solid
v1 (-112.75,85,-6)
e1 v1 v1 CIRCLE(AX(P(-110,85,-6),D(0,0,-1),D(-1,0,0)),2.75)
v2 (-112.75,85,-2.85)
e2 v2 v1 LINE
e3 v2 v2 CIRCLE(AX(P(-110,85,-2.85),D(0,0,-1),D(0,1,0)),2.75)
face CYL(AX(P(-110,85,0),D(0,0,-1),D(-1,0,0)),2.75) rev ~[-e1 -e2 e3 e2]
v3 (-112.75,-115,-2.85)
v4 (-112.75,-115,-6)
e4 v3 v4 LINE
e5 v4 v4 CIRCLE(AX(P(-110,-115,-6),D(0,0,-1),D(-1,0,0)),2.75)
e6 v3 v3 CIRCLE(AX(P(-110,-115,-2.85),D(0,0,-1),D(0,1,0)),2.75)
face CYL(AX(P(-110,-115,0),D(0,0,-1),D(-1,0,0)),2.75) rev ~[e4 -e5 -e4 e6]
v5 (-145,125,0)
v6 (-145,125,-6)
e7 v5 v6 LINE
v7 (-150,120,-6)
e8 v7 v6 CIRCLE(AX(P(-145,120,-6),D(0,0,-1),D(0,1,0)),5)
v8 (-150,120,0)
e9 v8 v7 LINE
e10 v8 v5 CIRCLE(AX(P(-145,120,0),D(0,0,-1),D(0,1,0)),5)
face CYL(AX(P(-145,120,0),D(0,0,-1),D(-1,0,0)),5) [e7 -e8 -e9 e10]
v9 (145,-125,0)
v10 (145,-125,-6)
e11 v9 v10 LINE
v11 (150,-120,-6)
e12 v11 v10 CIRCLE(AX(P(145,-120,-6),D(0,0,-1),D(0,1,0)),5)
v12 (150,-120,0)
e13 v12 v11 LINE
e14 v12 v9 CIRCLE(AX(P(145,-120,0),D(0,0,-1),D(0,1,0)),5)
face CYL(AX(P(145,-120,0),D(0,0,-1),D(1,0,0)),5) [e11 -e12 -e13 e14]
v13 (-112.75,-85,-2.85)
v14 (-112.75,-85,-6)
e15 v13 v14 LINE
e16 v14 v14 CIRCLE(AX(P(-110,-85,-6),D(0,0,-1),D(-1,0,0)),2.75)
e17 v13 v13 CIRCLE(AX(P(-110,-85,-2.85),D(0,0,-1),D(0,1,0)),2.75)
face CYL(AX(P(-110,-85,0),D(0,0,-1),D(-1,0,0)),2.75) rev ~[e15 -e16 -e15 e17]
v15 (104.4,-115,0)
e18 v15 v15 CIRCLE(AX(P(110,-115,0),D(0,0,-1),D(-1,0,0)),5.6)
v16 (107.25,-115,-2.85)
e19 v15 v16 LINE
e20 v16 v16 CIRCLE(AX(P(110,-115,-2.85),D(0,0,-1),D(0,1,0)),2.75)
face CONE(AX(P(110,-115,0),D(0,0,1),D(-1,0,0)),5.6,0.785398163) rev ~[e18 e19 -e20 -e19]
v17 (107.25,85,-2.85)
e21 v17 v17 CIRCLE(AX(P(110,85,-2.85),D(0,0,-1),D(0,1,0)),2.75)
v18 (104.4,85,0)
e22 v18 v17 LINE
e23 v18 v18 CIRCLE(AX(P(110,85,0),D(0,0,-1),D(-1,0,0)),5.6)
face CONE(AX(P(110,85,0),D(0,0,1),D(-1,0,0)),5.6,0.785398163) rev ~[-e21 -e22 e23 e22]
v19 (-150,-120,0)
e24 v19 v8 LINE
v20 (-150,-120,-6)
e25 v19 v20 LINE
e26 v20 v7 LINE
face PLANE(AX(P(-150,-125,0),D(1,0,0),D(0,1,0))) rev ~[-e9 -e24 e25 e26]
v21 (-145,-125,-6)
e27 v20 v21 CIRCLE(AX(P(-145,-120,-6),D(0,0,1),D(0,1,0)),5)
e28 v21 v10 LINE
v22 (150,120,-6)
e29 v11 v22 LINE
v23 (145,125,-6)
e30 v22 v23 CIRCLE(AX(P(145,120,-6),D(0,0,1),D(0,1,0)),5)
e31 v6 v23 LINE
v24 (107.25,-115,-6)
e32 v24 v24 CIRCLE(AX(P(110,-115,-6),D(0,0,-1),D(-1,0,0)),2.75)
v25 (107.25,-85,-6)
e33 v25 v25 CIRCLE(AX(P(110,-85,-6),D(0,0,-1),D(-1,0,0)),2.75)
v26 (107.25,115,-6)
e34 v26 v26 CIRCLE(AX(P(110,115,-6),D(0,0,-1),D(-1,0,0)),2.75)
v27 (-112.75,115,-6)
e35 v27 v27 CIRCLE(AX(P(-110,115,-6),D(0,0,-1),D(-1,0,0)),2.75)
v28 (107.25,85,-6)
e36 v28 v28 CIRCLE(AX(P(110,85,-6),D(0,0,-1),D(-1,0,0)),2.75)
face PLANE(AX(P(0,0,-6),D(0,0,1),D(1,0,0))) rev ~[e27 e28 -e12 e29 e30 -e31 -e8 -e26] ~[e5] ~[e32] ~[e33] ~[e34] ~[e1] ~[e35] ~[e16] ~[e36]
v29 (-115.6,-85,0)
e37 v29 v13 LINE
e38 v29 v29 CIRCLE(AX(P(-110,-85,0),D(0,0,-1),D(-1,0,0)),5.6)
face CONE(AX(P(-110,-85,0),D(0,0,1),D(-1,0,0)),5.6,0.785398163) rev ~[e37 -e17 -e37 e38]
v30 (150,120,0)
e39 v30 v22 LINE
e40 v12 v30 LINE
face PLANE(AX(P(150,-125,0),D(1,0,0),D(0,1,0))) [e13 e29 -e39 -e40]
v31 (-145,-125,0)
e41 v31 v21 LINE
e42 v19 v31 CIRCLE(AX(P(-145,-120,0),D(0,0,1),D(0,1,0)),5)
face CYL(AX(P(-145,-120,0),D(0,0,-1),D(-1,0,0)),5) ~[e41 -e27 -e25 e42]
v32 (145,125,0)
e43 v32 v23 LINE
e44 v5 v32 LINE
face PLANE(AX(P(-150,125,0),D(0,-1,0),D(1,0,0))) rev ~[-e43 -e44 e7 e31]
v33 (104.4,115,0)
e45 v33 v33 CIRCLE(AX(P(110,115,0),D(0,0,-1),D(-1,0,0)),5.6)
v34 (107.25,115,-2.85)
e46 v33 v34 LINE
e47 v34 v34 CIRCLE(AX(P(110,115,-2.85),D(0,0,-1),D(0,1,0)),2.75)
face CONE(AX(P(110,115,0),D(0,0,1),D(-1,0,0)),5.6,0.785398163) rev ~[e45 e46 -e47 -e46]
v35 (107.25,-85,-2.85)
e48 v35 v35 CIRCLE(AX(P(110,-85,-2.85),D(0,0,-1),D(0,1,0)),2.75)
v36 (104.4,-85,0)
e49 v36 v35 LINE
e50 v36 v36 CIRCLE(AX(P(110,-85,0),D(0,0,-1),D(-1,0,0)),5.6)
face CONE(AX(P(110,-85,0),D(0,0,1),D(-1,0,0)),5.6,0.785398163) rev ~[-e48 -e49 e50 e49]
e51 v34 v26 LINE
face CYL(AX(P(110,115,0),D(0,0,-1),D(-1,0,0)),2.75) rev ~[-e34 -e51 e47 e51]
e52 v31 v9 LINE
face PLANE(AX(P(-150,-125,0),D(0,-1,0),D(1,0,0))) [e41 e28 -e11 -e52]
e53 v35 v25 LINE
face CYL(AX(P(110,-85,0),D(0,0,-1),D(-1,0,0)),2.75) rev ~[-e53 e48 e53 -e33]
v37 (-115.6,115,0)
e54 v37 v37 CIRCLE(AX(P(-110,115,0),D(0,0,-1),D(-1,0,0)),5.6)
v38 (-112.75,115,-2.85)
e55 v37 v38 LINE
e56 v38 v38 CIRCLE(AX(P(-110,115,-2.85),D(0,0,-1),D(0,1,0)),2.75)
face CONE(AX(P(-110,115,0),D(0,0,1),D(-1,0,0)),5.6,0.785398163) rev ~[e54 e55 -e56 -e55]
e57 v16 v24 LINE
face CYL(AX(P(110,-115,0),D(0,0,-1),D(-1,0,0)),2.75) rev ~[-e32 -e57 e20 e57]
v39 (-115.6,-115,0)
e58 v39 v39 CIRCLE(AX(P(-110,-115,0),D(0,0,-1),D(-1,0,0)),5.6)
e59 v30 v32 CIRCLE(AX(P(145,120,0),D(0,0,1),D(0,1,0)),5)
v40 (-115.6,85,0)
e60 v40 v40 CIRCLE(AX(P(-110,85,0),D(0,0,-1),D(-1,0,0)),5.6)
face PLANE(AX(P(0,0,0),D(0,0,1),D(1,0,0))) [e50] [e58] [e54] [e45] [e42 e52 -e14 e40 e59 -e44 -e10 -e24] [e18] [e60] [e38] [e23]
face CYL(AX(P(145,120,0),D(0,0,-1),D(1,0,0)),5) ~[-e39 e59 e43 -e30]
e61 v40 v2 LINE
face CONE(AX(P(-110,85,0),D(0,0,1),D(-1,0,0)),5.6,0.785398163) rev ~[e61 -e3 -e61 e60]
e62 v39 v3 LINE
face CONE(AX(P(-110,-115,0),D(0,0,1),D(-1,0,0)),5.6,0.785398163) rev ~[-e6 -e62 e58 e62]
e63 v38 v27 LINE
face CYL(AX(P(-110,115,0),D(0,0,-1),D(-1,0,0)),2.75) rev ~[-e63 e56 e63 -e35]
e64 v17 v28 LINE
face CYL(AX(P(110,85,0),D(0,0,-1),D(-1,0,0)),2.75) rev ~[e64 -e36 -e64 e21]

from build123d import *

# Parameters (mm, degrees)
F0_W           = 300
F0_H           = 250
F1_DEPTH       = 6
F2_D           = 5.5
F2_CSINK_D     = 11.2
F2_CSINK_ANGLE = 90
F3_R           = 5


with BuildPart() as f1:
    # F0 (on Top) → F1 (new body)
    with BuildSketch(Plane.XY):
        Rectangle(F0_W, F0_H)
    extrude(amount=-F1_DEPTH)

    # F2 (through all)
    with Locations(Plane.XY):
        with Locations((-110, 115), (-110, 85), (110, 115), (110, 85), (110, -85), (110, -115), (-110, -115), (-110, -85)):
            CounterSinkHole(F2_D / 2, F2_CSINK_D / 2, counter_sink_angle=F2_CSINK_ANGLE)

    # F3
    f3_edges = [f1.edges().sort_by_distance(p)[0] for p in [
        (-150, 125, -3),
        (150, 125, -3),
        (150, -125, -3),
        (-150, -125, -3),
    ]]
    fillet(f3_edges, radius=F3_R)


solid = f1.part
